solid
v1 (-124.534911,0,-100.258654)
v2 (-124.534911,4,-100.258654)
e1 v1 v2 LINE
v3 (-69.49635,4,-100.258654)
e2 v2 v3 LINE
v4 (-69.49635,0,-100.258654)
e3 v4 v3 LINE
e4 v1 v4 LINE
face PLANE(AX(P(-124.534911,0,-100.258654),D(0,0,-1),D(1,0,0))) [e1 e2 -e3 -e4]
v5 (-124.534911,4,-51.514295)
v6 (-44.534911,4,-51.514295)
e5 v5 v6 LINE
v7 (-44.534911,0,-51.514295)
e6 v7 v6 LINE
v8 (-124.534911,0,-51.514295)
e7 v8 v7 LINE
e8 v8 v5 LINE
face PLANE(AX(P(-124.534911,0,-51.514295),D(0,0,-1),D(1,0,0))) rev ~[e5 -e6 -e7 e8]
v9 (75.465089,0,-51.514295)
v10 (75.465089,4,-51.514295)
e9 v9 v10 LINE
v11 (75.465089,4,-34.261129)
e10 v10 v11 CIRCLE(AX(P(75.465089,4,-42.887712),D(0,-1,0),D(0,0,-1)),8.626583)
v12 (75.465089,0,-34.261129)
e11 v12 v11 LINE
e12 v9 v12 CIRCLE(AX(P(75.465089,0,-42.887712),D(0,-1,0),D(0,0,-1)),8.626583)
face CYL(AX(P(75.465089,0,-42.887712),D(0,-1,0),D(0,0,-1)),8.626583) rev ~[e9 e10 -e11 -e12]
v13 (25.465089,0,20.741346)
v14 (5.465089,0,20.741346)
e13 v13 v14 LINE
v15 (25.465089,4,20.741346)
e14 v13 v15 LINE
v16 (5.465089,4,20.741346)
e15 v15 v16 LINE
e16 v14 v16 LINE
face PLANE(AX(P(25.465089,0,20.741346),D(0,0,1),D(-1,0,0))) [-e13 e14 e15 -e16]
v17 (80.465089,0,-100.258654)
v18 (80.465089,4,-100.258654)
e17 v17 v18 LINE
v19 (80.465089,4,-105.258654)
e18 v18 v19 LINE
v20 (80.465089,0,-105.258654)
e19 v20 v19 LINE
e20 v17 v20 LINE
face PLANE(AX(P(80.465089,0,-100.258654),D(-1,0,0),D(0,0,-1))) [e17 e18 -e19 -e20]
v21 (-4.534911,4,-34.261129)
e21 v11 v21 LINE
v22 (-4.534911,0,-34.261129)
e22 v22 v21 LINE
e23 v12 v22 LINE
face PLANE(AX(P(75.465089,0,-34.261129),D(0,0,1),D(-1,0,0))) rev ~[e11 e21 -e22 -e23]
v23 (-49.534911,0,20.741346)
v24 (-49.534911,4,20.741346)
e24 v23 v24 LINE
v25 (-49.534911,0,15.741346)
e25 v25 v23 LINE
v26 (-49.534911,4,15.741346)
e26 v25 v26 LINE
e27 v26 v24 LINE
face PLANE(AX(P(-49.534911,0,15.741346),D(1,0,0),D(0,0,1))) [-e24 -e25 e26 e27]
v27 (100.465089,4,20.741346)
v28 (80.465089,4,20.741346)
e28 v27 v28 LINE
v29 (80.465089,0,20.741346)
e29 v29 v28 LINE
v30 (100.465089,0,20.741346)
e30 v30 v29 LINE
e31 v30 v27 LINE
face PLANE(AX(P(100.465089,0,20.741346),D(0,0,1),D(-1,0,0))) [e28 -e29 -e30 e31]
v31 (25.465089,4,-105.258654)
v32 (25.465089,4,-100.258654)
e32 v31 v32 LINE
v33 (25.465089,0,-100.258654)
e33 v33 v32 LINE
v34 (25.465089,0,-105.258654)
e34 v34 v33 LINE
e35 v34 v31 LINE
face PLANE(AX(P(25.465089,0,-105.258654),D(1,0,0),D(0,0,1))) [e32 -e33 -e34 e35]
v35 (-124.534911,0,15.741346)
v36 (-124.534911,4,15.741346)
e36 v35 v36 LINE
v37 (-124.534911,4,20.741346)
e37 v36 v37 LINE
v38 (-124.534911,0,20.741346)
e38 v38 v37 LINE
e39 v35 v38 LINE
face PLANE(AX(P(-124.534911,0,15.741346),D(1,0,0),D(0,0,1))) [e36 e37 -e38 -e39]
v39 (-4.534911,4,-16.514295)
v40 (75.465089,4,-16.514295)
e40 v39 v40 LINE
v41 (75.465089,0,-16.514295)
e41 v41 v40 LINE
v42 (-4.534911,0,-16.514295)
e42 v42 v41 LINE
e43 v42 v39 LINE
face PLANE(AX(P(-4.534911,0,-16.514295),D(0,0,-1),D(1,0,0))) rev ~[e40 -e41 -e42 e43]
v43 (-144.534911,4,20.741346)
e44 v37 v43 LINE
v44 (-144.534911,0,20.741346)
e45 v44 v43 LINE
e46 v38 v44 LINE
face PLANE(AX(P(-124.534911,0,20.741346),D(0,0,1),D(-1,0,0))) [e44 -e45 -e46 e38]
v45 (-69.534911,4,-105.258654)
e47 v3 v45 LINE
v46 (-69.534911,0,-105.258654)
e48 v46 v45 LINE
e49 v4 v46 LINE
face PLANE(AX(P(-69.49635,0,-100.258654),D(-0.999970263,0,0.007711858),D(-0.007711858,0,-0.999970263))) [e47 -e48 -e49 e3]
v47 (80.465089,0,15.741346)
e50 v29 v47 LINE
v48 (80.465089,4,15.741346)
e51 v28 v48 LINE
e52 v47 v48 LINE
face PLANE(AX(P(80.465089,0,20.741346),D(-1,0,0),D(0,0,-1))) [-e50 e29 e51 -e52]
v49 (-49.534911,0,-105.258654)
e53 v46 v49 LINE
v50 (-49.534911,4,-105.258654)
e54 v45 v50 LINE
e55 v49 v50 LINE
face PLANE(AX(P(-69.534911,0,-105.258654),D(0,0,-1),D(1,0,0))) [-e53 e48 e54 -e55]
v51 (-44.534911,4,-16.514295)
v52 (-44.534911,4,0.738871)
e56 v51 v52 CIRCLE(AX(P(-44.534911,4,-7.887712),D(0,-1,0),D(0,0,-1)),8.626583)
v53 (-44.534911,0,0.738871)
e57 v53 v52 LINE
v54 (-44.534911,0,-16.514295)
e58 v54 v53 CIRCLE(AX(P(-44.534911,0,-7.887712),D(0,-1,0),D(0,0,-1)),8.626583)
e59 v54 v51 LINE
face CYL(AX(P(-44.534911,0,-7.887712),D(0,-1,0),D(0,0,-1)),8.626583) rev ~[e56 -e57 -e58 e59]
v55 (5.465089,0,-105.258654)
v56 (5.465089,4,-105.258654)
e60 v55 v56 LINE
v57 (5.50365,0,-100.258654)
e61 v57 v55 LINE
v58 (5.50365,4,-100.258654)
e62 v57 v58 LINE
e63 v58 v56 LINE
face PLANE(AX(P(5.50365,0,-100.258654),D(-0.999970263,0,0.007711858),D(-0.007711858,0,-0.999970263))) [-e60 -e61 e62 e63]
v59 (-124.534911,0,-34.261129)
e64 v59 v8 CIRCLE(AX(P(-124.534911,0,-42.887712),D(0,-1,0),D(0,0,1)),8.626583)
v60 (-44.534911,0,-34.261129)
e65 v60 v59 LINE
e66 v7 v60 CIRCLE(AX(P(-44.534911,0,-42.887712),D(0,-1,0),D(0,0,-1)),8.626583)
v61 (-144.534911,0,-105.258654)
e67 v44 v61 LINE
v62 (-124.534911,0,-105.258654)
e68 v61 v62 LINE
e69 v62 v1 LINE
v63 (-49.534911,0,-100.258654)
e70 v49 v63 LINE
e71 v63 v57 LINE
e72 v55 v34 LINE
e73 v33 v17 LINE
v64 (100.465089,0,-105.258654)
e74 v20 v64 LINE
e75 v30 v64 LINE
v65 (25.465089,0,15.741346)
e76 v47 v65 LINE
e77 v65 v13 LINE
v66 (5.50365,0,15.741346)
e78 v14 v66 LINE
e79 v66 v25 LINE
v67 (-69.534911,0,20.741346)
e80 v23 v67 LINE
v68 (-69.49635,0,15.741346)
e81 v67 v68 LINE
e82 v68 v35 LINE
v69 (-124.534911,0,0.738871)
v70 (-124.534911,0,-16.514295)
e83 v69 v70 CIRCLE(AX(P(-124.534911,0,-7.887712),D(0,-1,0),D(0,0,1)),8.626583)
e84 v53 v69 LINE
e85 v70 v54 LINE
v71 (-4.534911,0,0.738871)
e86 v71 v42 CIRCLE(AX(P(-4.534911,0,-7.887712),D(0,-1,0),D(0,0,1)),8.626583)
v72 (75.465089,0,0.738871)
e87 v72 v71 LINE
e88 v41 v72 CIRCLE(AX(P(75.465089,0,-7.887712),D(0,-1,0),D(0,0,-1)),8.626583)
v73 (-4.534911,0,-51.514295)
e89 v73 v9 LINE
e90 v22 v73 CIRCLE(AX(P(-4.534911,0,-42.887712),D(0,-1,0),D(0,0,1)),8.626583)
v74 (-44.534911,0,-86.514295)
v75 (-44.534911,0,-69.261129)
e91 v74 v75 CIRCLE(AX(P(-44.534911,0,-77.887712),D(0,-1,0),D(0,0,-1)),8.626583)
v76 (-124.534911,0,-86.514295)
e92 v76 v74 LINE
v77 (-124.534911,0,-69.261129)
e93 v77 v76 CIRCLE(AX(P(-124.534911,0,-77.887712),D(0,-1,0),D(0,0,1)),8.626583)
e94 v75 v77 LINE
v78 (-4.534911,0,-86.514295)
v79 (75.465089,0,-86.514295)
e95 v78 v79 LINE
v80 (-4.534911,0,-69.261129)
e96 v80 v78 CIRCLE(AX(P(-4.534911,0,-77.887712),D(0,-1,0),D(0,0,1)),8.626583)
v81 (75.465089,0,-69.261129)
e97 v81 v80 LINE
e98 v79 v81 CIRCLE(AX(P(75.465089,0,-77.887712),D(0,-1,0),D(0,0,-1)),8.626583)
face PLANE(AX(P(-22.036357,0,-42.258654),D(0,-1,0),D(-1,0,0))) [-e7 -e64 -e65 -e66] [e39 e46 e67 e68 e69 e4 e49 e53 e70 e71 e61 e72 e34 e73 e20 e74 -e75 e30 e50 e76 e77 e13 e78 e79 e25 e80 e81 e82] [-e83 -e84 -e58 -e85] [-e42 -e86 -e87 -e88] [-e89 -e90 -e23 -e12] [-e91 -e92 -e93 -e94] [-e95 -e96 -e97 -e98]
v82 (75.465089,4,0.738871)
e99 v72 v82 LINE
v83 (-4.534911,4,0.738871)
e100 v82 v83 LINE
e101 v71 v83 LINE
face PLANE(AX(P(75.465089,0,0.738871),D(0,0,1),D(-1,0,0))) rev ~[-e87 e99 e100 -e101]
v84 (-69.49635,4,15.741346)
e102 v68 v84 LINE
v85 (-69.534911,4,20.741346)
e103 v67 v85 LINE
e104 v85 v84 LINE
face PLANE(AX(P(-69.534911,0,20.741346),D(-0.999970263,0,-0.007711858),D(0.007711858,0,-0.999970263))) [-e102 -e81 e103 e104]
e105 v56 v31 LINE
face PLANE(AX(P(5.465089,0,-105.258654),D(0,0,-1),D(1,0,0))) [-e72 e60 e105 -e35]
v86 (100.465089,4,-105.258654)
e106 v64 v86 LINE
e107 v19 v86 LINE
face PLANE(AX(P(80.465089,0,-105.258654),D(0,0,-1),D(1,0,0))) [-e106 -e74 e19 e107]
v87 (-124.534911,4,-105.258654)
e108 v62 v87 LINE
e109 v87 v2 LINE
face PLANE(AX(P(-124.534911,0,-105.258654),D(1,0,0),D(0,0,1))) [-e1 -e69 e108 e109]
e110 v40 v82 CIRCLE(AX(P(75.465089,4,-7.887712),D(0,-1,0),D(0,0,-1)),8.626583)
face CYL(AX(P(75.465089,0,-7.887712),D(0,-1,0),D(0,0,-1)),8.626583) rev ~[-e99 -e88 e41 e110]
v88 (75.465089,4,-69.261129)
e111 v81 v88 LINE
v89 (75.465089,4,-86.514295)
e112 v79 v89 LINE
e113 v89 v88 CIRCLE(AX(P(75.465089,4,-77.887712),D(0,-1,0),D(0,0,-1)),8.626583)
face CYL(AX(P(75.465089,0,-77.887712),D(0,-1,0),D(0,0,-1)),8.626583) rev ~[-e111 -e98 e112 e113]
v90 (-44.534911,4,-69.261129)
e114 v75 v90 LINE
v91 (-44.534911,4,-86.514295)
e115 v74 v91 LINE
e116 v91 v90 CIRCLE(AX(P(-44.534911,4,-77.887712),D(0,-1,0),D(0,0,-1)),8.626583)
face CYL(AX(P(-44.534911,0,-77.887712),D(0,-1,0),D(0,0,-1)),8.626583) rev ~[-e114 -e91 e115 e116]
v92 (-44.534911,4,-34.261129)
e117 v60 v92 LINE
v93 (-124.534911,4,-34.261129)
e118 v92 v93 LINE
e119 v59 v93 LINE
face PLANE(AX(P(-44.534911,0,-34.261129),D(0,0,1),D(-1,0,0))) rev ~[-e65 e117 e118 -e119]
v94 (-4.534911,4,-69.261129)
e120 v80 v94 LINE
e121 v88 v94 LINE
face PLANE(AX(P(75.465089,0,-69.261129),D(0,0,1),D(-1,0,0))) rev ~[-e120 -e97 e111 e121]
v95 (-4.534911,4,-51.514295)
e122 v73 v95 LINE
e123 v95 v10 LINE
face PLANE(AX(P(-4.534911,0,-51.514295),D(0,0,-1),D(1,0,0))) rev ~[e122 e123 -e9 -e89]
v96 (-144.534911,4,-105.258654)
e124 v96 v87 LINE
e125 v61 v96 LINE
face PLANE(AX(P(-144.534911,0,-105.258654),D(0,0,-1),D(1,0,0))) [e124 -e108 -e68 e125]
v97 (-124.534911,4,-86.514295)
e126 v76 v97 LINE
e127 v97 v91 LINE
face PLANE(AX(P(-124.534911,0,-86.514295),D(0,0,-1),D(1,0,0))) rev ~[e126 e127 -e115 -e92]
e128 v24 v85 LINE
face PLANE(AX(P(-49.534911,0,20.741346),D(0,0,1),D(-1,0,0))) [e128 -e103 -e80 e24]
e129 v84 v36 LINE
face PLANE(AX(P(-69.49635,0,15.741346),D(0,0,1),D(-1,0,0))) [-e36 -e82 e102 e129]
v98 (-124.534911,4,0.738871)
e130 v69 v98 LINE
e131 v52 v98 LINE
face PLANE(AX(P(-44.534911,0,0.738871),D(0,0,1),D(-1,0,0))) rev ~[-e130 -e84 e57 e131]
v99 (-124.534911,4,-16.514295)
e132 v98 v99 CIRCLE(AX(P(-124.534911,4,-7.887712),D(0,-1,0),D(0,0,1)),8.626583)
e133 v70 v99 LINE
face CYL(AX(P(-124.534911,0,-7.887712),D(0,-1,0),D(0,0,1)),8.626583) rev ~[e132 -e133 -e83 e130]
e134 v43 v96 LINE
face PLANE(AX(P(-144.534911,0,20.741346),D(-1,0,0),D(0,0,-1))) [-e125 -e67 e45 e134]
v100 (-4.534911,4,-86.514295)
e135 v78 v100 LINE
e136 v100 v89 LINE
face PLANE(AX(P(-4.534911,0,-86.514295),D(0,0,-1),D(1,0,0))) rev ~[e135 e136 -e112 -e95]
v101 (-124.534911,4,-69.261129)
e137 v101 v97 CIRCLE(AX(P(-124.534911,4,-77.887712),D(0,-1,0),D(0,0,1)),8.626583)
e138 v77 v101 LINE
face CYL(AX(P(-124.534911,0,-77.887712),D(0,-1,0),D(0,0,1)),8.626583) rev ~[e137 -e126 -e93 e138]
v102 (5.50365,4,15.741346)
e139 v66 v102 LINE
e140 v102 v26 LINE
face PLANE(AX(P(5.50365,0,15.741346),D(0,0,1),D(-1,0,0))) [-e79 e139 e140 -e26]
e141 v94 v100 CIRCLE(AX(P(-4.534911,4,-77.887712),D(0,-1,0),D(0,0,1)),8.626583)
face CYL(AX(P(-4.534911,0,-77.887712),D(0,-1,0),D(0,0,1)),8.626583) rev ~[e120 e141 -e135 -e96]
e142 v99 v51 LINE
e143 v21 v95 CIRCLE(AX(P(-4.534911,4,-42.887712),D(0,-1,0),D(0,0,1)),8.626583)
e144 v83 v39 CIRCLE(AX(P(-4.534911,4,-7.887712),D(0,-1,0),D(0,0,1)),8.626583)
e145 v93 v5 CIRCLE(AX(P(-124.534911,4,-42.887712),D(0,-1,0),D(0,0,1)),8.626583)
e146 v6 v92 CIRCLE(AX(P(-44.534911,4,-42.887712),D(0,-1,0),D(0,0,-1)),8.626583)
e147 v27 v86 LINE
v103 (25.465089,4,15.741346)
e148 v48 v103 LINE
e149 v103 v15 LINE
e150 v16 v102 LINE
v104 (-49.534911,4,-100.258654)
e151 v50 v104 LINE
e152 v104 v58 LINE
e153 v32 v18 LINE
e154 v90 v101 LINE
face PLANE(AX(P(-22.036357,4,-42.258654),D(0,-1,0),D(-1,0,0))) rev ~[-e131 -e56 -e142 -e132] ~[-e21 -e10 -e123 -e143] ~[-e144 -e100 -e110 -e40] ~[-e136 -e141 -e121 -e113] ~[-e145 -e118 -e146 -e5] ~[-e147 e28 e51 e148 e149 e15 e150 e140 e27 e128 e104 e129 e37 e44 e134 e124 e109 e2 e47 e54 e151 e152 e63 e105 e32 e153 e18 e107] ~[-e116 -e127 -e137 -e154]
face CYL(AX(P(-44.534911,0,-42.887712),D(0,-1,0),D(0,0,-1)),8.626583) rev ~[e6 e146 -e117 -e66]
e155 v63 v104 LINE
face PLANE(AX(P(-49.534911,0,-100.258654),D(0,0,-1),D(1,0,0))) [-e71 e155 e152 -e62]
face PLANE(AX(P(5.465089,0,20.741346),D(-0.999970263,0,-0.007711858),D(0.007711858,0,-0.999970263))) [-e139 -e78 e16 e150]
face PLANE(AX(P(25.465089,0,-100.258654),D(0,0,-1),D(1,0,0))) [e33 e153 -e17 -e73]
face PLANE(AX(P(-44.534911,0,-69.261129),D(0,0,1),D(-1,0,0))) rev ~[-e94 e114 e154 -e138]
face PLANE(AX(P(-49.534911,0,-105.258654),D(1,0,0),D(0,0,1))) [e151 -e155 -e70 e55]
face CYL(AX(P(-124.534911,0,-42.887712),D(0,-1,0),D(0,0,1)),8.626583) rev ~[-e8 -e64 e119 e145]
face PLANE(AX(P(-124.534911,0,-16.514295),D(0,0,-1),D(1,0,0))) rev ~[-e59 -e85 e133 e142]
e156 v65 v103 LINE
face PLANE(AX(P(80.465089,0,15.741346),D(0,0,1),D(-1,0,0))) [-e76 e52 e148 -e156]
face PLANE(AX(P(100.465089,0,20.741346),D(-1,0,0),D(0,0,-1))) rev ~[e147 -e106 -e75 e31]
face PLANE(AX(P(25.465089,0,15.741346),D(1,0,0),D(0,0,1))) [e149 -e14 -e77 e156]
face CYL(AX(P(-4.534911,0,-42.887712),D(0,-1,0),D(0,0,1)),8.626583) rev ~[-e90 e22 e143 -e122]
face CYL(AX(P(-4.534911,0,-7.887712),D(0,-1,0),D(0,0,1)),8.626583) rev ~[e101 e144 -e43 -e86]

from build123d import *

# Parameters (mm, degrees)
BOSS_EXTRUDE1_DEPTH = 4


with BuildPart() as part:
    # Sketch1 → Boss-Extrude1 (new body)
    with BuildSketch(Plane(origin=(0, 0, 0), x_dir=(1, 0, 0), z_dir=(0, 1, 0))):
        Polygon((-69.534910804, 105.258653628), (-49.534910804, 105.258653628), (-49.534910804, 100.258653628), (5.503649635, 100.258653628), (5.465089196, 105.258653628), (25.465089196, 105.258653628), (25.465089196, 100.258653628), (80.465089196, 100.258653628), (80.465089196, 105.258653628), (100.465089196, 105.258653628), (100.465089196, 100.258653628), (100.465089196, -15.741346372), (100.465089196, -20.741346372), (80.465089196, -20.741346372), (80.465089196, -15.741346372), (25.465089196, -15.741346372), (25.465089196, -20.741346372), (5.465089196, -20.741346372), (5.503649635, -15.741346372), (-49.534910804, -15.741346372), (-49.534910804, -20.741346372), (-69.534910804, -20.741346372), (-69.496350365, -15.741346372), (-124.534910804, -15.741346372), (-124.534910804, -20.741346372), (-144.534910804, -20.741346372), (-144.534910804, 105.258653628), (-124.534910804, 105.258653628), (-124.534910804, 100.258653628), (-69.496350365, 100.258653628), align=None)
        with BuildLine():
            Line((-4.534910804, 86.514295241), (75.465089196, 86.514295241))
            ThreePointArc((75.465089196, 86.514295241), (84.091672485, 77.887711952), (75.465089196, 69.261128664))
            Line((75.465089196, 69.261128664), (-4.534910804, 69.261128664))
            ThreePointArc((-4.534910804, 69.261128664), (-13.161494092, 77.887711952), (-4.534910804, 86.514295241))
        make_face(mode=Mode.SUBTRACT)
        with BuildLine():
            Line((-124.534910804, 86.514295241), (-44.534910804, 86.514295241))
            ThreePointArc((-44.534910804, 86.514295241), (-35.908327515, 77.887711952), (-44.534910804, 69.261128664))
            Line((-44.534910804, 69.261128664), (-124.534910804, 69.261128664))
            ThreePointArc((-124.534910804, 69.261128664), (-133.161494092, 77.887711952), (-124.534910804, 86.514295241))
        make_face(mode=Mode.SUBTRACT)
        with BuildLine():
            Line((-4.534910804, 51.514295241), (75.465089196, 51.514295241))
            ThreePointArc((75.465089196, 51.514295241), (84.091672485, 42.887711952), (75.465089196, 34.261128664))
            Line((75.465089196, 34.261128664), (-4.534910804, 34.261128664))
            ThreePointArc((-4.534910804, 34.261128664), (-13.161494092, 42.887711952), (-4.534910804, 51.514295241))
        make_face(mode=Mode.SUBTRACT)
        with BuildLine():
            Line((-4.534910804, 16.514295241), (75.465089196, 16.514295241))
            ThreePointArc((75.465089196, 16.514295241), (84.091672485, 7.887711952), (75.465089196, -0.738871336))
            Line((75.465089196, -0.738871336), (-4.534910804, -0.738871336))
            ThreePointArc((-4.534910804, -0.738871336), (-13.161494092, 7.887711952), (-4.534910804, 16.514295241))
        make_face(mode=Mode.SUBTRACT)
        with BuildLine():
            Line((-124.534910804, 51.514295241), (-44.534910804, 51.514295241))
            ThreePointArc((-44.534910804, 51.514295241), (-35.908327515, 42.887711952), (-44.534910804, 34.261128664))
            Line((-44.534910804, 34.261128664), (-124.534910804, 34.261128664))
            ThreePointArc((-124.534910804, 34.261128664), (-133.161494092, 42.887711952), (-124.534910804, 51.514295241))
        make_face(mode=Mode.SUBTRACT)
        with BuildLine():
            Line((-124.534910804, 16.514295241), (-44.534910804, 16.514295241))
            ThreePointArc((-44.534910804, 16.514295241), (-35.908327515, 7.887711952), (-44.534910804, -0.738871336))
            Line((-44.534910804, -0.738871336), (-124.534910804, -0.738871336))
            ThreePointArc((-124.534910804, -0.738871336), (-133.161494092, 7.887711952), (-124.534910804, 16.514295241))
        make_face(mode=Mode.SUBTRACT)
    extrude(amount=BOSS_EXTRUDE1_DEPTH)


solid = part.part
